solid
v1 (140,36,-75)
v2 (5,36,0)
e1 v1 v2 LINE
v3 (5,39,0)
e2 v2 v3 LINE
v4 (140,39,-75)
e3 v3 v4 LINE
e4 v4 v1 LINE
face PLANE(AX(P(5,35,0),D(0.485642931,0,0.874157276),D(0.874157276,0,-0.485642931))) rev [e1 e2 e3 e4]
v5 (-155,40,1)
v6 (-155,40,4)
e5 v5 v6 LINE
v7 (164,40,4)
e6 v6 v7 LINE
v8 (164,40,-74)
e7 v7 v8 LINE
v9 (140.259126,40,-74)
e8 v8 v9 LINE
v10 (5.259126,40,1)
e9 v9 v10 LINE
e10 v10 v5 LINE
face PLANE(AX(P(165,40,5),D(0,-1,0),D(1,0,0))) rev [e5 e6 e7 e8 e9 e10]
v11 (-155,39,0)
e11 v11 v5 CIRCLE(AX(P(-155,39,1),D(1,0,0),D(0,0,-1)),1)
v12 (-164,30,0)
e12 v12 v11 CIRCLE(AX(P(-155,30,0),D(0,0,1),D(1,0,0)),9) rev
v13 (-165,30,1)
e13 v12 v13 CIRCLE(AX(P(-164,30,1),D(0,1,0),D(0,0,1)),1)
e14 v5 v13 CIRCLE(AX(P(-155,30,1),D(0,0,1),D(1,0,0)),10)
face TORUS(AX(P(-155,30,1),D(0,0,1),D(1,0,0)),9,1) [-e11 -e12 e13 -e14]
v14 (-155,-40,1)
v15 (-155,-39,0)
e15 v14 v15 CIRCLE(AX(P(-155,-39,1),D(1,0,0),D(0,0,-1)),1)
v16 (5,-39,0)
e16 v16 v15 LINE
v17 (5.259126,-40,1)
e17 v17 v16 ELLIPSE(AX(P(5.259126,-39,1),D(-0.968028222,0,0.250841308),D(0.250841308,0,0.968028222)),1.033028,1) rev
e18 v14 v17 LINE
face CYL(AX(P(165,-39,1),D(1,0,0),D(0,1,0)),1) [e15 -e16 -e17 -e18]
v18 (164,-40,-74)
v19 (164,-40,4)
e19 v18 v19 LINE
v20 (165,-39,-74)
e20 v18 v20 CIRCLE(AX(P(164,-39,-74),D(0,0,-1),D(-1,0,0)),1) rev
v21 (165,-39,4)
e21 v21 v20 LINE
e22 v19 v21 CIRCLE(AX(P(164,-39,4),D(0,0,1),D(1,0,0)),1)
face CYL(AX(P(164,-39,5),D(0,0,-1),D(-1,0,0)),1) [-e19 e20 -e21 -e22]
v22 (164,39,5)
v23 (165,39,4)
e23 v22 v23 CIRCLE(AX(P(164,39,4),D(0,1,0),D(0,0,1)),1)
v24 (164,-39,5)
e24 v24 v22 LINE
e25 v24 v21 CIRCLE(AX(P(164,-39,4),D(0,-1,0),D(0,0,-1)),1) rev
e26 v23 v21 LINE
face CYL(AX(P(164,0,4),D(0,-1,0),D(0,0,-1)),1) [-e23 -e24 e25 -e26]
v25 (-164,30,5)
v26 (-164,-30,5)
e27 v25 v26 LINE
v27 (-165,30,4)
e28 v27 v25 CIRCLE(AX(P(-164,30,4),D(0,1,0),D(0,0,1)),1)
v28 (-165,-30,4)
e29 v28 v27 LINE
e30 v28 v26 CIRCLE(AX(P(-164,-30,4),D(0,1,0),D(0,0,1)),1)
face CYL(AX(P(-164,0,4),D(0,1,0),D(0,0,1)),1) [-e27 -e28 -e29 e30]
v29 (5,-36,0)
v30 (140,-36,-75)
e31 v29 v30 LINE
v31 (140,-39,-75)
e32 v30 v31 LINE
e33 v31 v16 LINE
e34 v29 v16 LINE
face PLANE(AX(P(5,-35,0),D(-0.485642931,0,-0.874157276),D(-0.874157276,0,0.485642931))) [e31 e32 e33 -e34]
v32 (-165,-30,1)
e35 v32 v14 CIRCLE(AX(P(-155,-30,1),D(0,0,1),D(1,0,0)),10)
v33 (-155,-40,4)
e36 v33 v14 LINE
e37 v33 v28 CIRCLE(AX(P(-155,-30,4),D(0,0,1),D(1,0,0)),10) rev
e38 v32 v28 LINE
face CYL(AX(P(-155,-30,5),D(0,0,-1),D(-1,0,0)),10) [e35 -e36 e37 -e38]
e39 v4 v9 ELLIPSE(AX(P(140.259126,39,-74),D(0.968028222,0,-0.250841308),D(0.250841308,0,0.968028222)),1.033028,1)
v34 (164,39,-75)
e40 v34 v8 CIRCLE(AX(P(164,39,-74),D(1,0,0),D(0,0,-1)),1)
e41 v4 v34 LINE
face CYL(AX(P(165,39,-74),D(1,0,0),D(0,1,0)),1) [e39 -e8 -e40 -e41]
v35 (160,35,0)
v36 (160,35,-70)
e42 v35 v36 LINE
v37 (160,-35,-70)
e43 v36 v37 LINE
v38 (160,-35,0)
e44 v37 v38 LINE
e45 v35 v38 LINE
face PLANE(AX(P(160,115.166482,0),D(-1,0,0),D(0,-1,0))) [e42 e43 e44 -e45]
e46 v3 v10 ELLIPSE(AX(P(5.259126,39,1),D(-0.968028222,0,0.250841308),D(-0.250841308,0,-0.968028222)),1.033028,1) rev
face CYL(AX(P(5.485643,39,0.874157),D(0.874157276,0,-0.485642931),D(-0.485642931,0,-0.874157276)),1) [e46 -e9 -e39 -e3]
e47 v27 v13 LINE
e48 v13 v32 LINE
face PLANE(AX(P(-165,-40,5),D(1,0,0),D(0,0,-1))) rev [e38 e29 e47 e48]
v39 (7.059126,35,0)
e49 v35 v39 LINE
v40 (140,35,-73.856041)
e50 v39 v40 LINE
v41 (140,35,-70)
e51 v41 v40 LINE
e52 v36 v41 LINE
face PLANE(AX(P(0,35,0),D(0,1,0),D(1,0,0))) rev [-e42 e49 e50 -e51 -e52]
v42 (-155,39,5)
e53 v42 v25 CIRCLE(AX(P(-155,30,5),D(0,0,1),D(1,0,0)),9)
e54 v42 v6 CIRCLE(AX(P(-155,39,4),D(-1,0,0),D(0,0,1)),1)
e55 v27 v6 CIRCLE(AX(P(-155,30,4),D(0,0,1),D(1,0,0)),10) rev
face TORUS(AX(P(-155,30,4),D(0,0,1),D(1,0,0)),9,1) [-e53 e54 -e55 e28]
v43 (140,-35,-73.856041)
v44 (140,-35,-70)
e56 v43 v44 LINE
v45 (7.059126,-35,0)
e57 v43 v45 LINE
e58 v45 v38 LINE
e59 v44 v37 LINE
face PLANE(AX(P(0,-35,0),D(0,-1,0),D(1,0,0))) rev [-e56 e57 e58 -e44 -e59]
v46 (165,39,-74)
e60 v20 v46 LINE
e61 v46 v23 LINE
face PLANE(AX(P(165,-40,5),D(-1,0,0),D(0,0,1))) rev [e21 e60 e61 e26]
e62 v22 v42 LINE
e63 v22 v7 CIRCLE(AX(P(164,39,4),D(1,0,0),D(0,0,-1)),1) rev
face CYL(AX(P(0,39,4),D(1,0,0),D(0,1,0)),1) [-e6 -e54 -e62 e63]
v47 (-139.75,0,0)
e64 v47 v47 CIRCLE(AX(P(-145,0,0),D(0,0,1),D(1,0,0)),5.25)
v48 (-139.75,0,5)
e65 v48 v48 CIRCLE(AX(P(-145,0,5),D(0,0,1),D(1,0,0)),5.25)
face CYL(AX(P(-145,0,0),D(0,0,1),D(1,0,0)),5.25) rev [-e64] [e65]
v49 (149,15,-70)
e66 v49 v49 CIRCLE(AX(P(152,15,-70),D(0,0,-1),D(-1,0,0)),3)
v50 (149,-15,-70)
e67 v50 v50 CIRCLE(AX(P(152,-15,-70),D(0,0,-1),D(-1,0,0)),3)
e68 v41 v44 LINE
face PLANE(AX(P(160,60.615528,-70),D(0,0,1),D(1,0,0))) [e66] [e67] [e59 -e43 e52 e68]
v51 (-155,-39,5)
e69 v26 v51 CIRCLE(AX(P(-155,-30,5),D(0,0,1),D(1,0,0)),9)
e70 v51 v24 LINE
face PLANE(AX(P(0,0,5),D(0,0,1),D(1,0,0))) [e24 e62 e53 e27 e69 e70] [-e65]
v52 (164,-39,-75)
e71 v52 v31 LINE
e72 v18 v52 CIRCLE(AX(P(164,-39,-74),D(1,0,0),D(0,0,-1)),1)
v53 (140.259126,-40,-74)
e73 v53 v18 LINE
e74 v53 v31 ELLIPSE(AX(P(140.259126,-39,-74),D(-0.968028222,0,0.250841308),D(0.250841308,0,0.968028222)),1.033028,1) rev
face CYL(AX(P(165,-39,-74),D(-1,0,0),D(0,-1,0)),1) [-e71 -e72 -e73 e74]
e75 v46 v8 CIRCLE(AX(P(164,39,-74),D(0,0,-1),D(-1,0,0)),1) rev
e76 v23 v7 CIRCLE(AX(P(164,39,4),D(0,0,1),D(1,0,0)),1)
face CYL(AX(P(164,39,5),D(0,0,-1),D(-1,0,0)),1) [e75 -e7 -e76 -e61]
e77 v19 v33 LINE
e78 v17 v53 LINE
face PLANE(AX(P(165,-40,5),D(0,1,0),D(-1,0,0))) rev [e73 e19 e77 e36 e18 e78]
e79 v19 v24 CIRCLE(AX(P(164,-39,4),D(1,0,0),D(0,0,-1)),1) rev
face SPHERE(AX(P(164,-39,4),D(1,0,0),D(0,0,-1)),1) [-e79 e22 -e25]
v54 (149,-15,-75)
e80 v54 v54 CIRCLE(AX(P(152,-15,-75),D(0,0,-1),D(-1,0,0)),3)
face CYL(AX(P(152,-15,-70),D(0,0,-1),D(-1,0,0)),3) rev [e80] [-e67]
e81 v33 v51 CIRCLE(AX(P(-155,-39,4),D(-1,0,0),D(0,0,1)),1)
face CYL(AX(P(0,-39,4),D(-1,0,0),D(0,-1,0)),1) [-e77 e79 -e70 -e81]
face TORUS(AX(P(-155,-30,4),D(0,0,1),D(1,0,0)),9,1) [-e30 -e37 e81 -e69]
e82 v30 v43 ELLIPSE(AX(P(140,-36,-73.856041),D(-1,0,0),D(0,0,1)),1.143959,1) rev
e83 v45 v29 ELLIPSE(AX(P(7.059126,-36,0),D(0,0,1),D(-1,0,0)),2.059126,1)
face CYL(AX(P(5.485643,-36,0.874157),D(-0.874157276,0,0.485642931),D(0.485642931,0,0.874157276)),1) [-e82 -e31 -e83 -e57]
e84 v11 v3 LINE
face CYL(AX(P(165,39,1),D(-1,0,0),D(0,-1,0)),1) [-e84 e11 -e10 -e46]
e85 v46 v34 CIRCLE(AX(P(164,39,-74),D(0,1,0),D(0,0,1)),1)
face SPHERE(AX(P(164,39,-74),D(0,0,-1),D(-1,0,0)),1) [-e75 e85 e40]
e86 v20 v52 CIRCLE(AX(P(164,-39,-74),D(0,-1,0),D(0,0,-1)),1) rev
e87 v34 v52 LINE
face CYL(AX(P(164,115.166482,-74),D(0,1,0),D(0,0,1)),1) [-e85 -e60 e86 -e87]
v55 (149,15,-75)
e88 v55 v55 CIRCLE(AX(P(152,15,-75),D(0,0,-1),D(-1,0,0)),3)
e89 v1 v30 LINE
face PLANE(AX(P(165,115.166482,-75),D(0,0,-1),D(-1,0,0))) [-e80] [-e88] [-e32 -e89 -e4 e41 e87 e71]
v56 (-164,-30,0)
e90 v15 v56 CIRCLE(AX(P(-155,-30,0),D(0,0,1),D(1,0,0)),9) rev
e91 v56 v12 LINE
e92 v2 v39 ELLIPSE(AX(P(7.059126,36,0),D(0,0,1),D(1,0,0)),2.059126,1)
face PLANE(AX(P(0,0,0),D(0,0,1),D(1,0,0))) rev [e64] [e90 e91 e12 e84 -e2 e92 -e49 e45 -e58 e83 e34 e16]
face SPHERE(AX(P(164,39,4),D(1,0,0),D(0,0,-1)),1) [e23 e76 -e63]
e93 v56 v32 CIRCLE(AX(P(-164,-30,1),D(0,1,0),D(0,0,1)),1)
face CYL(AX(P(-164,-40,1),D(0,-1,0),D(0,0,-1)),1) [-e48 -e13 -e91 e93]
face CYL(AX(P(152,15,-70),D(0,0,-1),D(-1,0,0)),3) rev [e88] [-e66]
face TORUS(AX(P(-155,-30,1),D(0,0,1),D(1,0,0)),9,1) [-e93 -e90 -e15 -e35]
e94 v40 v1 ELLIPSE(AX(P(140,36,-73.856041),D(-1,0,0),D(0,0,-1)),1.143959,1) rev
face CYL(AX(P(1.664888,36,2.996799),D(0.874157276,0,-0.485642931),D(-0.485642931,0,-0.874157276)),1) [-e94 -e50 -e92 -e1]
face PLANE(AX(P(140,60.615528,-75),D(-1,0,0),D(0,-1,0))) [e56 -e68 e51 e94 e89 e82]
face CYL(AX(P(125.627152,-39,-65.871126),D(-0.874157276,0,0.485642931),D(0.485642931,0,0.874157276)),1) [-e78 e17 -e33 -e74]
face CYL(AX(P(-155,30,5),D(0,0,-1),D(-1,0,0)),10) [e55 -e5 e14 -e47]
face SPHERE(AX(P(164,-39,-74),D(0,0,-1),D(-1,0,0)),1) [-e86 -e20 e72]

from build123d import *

# Parameters (mm, degrees)
SKETCH_1_W          = 330
SKETCH_1_H          = 80
EXTRUDE_1_DEPTH     = 5
SKETCH_2_R          = 5.25
CUT_EXTRUDE_1_DEPTH = 5
SKETCH_3_R          = 4
CUT_EXTRUDE_2_DEPTH = 10
FILLET_1_R          = 10
SKETCH_13_R         = 6.969385005
EXTRUDE_5_DEPTH     = 5
SKETCH_14_W         = 5
SKETCH_14_H         = 75
EXTRUDE_6_DEPTH     = 80
SKETCH_15_W         = 20
SKETCH_15_H         = 5
EXTRUDE_7_DEPTH     = 80
EXTRUDE_8_DEPTH     = 5
SKETCH_17_R         = 3
CUT_EXTRUDE_5_DEPTH = 5
FILLET_2_R          = 1


with BuildPart() as part:
    # 草图1 → 凸台-拉伸1 (new body)
    with BuildSketch(Plane.XY):
        Rectangle(SKETCH_1_W, SKETCH_1_H)
    extrude(amount=EXTRUDE_1_DEPTH)

    # 草图2 → 切除-拉伸1 (cut)
    with BuildSketch(Plane.XY.offset(5)):
        with Locations((-145, 0)):
            Circle(SKETCH_2_R)
    extrude(amount=-CUT_EXTRUDE_1_DEPTH, mode=Mode.SUBTRACT)

    # 草图3 → 切除-拉伸2 (cut)
    with BuildSketch(Plane.XY.offset(5)):
        with Locations((-45, 0)):
            Circle(SKETCH_3_R)
    extrude(amount=-CUT_EXTRUDE_2_DEPTH, mode=Mode.SUBTRACT)

    # 圆角1
    fillet_1_edges = [part.edges().sort_by_distance(p)[0] for p in [
        (-165, 40, 2.5),
        (-165, -40, 2.5),
    ]]
    fillet(fillet_1_edges, radius=FILLET_1_R)

    # 草图13 → 凸台-拉伸5 (add)
    with BuildSketch(Plane.XY.offset(5)):
        with Locations((-45, 0)):
            Circle(SKETCH_13_R)
    extrude(amount=-EXTRUDE_5_DEPTH)

    # 草图14 → 凸台-拉伸6 (add)
    with BuildSketch(Plane.XZ.offset(40)):
        with Locations((162.5, -37.5)):
            Rectangle(SKETCH_14_W, SKETCH_14_H)
    extrude(amount=-EXTRUDE_6_DEPTH)

    # 草图15 → 凸台-拉伸7 (add)
    with BuildSketch(Plane.XZ.offset(40)):
        with Locations((150, -72.5)):
            Rectangle(SKETCH_15_W, SKETCH_15_H)
    extrude(amount=-EXTRUDE_7_DEPTH)

    # 草图16 → 凸台-拉伸8 (add)
    with BuildSketch(Plane.XZ.offset(40)):
        Polygon((5, 5), (5, 0), (140, -75), (165, -75), (165, 5), align=None)
    extrude_8 = extrude(amount=-EXTRUDE_8_DEPTH)

    # 镜向1: 凸台-拉伸8 across plane
    add(extrude_8.mirror(Plane.ZX))

    # 草图17 → 切除-拉伸5 (cut)
    with BuildSketch(Plane(origin=(0, 0, -75), x_dir=(-1, 0, 0), z_dir=(0, 0, -1))):
        with Locations((-152, -15)):
            Circle(SKETCH_17_R)
        with Locations((-152, 15)):
            Circle(SKETCH_17_R)
    extrude(amount=-CUT_EXTRUDE_5_DEPTH, mode=Mode.SUBTRACT)

    # 圆角2
    fillet_2_edges = [part.edges().sort_by_distance(p)[0] for p in [
        (72.5, 40, -37.5),
        (72.5, 35, -37.5),
        (165, 0, 5),
        (5, 40, 5),
        (-75, -40, 0),
        (5, -40, 5),
        (-165, 0, 0),
        (-162.071067812, 37.071067812, 0),
        (-162.071067812, -37.071067812, 0),
        (-165, 0, 5),
        (-162.071067812, 37.071067812, 5),
        (-162.071067812, -37.071067812, 5),
        (165, 0, -75),
        (152.5, -40, -75),
        (152.5, 40, -75),
        (72.5, -40, -37.5),
        (72.5, -35, -37.5),
        (165, 40, -35),
        (165, -40, -35),
        (-75, 40, 0),
    ]]
    fillet(fillet_2_edges, radius=FILLET_2_R)


solid = part.part
